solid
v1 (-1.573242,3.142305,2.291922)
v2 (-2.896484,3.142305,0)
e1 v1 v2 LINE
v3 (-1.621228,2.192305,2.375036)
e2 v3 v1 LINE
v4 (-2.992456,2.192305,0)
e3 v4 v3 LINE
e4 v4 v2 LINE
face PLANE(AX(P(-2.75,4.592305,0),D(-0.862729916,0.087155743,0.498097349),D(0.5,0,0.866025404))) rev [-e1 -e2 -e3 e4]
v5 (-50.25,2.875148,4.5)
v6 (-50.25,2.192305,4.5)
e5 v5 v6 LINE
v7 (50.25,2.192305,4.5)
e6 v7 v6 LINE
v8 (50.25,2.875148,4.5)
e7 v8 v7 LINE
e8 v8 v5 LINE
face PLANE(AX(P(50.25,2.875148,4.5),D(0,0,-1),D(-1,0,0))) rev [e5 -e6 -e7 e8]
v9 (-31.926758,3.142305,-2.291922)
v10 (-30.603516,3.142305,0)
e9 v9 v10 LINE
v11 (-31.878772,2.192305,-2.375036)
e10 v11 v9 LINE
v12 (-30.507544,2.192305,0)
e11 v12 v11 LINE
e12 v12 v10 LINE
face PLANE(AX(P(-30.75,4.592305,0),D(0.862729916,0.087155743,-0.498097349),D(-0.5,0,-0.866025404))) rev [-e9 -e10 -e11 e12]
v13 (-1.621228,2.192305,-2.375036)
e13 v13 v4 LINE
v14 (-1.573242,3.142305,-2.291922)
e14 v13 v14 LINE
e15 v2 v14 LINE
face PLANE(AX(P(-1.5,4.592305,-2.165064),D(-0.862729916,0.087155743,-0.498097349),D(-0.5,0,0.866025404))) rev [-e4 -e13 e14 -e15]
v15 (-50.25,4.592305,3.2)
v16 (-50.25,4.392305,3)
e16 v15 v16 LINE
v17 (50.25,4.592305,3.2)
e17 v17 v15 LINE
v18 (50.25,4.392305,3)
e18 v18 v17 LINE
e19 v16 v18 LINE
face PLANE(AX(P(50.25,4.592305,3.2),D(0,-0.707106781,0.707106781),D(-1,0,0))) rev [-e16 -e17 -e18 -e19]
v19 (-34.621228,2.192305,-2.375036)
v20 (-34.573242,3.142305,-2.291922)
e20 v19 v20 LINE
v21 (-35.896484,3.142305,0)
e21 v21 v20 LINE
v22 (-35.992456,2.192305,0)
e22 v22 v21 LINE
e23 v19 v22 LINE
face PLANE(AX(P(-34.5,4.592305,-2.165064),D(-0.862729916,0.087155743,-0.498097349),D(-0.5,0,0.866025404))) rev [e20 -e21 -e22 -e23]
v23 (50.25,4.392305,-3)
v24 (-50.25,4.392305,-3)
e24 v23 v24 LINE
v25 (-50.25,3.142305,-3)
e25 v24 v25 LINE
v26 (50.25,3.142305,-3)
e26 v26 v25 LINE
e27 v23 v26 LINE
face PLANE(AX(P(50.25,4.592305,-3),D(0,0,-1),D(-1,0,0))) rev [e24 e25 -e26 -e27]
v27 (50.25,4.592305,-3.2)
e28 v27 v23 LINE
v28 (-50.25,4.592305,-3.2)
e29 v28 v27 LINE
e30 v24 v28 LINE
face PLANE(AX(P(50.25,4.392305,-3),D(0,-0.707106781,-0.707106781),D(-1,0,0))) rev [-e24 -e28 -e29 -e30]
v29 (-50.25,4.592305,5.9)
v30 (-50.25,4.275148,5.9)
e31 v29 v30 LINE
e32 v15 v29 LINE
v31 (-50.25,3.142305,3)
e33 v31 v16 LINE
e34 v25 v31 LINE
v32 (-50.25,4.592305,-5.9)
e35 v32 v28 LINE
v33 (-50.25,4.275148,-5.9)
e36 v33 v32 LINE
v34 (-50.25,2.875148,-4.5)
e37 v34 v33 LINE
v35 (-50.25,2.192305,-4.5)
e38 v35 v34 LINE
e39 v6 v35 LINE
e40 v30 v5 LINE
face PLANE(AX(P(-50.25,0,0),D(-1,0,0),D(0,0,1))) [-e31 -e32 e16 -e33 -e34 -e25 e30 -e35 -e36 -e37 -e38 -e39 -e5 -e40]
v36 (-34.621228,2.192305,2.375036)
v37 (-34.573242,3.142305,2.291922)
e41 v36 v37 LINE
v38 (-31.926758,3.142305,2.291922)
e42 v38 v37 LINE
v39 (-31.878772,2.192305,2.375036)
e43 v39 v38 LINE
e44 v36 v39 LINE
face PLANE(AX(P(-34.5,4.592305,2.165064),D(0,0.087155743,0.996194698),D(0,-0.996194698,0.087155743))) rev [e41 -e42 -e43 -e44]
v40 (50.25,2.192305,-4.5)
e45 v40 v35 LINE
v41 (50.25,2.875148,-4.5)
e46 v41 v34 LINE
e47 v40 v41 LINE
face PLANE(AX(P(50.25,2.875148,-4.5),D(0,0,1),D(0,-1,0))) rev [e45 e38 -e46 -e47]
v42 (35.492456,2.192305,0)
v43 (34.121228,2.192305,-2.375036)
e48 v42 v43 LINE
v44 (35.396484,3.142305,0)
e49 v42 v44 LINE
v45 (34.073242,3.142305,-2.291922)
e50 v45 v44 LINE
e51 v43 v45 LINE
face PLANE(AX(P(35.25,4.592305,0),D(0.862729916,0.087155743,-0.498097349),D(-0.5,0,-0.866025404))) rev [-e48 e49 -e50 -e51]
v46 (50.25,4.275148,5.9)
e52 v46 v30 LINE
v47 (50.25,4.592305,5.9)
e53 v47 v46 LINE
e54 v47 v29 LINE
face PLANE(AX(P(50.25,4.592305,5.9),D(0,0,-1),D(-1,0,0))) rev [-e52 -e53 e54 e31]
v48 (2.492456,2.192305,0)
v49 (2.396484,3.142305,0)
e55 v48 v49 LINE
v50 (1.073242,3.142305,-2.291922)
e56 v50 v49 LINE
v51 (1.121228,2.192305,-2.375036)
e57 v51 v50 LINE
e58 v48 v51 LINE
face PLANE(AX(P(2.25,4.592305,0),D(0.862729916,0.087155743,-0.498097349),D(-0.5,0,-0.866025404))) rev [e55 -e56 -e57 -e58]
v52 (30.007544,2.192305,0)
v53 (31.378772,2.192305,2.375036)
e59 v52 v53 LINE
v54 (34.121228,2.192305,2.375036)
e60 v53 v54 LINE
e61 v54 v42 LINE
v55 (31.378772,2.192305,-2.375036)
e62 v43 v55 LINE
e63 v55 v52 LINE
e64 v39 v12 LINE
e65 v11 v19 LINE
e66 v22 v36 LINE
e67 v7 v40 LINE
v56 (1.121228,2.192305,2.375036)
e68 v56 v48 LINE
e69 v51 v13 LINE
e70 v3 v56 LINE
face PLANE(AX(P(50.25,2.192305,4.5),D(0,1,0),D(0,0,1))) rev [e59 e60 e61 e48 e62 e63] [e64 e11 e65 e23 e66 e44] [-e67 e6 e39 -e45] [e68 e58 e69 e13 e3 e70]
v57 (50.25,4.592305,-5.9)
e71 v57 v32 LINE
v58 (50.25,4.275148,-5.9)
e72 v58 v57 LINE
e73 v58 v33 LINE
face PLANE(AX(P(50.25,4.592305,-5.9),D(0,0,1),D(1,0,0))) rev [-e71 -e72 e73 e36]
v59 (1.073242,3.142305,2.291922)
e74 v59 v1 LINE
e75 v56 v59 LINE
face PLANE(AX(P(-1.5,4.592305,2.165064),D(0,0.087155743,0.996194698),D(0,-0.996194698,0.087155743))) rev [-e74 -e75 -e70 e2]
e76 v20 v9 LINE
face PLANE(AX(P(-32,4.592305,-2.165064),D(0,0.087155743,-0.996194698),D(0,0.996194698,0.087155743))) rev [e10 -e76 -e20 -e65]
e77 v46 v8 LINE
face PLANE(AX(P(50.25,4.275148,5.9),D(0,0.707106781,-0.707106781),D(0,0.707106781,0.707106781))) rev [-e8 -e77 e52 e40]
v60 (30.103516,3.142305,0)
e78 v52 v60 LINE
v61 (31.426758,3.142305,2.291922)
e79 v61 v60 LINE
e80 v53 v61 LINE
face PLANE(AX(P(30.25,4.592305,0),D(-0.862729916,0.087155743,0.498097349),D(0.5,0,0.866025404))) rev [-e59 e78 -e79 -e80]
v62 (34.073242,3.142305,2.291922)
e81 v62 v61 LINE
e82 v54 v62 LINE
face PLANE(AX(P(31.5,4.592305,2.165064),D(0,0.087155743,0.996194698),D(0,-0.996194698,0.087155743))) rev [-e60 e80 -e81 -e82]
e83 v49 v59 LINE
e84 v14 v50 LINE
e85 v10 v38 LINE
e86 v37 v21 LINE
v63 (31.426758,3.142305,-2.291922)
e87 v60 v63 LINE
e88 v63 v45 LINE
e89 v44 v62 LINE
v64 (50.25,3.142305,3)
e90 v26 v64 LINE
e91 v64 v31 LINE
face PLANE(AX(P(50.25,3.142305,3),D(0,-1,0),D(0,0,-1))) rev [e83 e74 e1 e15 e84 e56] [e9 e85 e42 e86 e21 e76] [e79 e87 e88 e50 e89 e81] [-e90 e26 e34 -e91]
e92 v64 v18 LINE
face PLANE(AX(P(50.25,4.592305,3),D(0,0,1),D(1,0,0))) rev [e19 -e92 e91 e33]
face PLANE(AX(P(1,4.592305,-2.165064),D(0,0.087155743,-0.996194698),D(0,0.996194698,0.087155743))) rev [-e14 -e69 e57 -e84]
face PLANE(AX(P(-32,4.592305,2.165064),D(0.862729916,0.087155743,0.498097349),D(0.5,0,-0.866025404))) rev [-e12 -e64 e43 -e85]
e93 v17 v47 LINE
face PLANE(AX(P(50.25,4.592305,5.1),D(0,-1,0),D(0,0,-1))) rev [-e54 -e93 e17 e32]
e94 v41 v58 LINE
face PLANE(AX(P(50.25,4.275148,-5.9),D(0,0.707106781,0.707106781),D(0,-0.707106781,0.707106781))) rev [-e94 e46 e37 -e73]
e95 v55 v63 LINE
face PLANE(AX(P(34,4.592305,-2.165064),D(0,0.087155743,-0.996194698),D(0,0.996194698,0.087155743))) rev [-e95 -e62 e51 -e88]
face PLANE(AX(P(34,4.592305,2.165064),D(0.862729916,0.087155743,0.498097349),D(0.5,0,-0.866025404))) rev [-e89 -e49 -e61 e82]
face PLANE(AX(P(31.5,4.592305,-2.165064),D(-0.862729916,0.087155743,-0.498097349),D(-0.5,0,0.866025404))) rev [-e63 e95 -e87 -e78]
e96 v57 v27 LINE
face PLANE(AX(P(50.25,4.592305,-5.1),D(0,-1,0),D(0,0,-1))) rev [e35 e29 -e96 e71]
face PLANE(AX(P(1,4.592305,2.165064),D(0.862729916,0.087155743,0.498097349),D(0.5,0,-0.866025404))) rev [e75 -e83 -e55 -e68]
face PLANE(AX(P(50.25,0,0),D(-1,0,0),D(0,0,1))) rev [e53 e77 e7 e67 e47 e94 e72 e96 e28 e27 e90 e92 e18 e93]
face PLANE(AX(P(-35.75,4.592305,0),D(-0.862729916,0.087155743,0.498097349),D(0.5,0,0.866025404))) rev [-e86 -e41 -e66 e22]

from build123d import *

# Parameters (mm, degrees)
BOSS_EXTRUDE1_DEPTH = 50.25
CUT_EXTRUDE2_DEPTH  = 3.4
CUT_EXTRUDE2_TAPER  = -5
CHAMFER1_SIZE       = 0.2


with BuildPart() as part:
    # Retainer Profile → Boss-Extrude1 (new body, symmetric)
    with BuildSketch(Plane(origin=(0, 0, 0), x_dir=(0, 0, -1), z_dir=(1, 0, 0))):
        Polygon((-5.1, 4.592304845), (-5.9, 4.592304845), (-5.9, 4.275147558), (-4.5, 2.875147558), (-4.5, 2.192304845), (4.5, 2.192304845), (4.5, 2.875147558), (5.9, 4.275147558), (5.9, 4.592304845), (5.1, 4.592304845), (3, 4.592304845), (3, 3.142304845), (-3, 3.142304845), (-3, 4.592304845), align=None)
    extrude(amount=BOSS_EXTRUDE1_DEPTH, both=True)

    # Sketch3 → Cut-Extrude2 (cut, through all)
    with BuildSketch(Plane(origin=(0, 4.592304845, 0), x_dir=(1, 0, 0), z_dir=(0, 1, 0))):
        Polygon((35.25, 0), (34, 2.165063509), (31.5, 2.165063509), (30.25, 0), (31.5, -2.165063509), (34, -2.165063509), align=None)
        Polygon((2.25, 0), (1, 2.165063509), (-1.5, 2.165063509), (-2.75, 0), (-1.5, -2.165063509), (1, -2.165063509), align=None)
        Polygon((-30.75, 0), (-32, 2.165063509), (-34.5, 2.165063509), (-35.75, 0), (-34.5, -2.165063509), (-32, -2.165063509), align=None)
    extrude(amount=-CUT_EXTRUDE2_DEPTH, taper=CUT_EXTRUDE2_TAPER, mode=Mode.SUBTRACT)

    # Chamfer1
    chamfer1_edges = [part.edges().sort_by_distance(p)[0] for p in [
        (0, 4.592304845, 3),
        (0, 4.592304845, -3),
    ]]
    chamfer(chamfer1_edges, length=CHAMFER1_SIZE)


solid = part.part
